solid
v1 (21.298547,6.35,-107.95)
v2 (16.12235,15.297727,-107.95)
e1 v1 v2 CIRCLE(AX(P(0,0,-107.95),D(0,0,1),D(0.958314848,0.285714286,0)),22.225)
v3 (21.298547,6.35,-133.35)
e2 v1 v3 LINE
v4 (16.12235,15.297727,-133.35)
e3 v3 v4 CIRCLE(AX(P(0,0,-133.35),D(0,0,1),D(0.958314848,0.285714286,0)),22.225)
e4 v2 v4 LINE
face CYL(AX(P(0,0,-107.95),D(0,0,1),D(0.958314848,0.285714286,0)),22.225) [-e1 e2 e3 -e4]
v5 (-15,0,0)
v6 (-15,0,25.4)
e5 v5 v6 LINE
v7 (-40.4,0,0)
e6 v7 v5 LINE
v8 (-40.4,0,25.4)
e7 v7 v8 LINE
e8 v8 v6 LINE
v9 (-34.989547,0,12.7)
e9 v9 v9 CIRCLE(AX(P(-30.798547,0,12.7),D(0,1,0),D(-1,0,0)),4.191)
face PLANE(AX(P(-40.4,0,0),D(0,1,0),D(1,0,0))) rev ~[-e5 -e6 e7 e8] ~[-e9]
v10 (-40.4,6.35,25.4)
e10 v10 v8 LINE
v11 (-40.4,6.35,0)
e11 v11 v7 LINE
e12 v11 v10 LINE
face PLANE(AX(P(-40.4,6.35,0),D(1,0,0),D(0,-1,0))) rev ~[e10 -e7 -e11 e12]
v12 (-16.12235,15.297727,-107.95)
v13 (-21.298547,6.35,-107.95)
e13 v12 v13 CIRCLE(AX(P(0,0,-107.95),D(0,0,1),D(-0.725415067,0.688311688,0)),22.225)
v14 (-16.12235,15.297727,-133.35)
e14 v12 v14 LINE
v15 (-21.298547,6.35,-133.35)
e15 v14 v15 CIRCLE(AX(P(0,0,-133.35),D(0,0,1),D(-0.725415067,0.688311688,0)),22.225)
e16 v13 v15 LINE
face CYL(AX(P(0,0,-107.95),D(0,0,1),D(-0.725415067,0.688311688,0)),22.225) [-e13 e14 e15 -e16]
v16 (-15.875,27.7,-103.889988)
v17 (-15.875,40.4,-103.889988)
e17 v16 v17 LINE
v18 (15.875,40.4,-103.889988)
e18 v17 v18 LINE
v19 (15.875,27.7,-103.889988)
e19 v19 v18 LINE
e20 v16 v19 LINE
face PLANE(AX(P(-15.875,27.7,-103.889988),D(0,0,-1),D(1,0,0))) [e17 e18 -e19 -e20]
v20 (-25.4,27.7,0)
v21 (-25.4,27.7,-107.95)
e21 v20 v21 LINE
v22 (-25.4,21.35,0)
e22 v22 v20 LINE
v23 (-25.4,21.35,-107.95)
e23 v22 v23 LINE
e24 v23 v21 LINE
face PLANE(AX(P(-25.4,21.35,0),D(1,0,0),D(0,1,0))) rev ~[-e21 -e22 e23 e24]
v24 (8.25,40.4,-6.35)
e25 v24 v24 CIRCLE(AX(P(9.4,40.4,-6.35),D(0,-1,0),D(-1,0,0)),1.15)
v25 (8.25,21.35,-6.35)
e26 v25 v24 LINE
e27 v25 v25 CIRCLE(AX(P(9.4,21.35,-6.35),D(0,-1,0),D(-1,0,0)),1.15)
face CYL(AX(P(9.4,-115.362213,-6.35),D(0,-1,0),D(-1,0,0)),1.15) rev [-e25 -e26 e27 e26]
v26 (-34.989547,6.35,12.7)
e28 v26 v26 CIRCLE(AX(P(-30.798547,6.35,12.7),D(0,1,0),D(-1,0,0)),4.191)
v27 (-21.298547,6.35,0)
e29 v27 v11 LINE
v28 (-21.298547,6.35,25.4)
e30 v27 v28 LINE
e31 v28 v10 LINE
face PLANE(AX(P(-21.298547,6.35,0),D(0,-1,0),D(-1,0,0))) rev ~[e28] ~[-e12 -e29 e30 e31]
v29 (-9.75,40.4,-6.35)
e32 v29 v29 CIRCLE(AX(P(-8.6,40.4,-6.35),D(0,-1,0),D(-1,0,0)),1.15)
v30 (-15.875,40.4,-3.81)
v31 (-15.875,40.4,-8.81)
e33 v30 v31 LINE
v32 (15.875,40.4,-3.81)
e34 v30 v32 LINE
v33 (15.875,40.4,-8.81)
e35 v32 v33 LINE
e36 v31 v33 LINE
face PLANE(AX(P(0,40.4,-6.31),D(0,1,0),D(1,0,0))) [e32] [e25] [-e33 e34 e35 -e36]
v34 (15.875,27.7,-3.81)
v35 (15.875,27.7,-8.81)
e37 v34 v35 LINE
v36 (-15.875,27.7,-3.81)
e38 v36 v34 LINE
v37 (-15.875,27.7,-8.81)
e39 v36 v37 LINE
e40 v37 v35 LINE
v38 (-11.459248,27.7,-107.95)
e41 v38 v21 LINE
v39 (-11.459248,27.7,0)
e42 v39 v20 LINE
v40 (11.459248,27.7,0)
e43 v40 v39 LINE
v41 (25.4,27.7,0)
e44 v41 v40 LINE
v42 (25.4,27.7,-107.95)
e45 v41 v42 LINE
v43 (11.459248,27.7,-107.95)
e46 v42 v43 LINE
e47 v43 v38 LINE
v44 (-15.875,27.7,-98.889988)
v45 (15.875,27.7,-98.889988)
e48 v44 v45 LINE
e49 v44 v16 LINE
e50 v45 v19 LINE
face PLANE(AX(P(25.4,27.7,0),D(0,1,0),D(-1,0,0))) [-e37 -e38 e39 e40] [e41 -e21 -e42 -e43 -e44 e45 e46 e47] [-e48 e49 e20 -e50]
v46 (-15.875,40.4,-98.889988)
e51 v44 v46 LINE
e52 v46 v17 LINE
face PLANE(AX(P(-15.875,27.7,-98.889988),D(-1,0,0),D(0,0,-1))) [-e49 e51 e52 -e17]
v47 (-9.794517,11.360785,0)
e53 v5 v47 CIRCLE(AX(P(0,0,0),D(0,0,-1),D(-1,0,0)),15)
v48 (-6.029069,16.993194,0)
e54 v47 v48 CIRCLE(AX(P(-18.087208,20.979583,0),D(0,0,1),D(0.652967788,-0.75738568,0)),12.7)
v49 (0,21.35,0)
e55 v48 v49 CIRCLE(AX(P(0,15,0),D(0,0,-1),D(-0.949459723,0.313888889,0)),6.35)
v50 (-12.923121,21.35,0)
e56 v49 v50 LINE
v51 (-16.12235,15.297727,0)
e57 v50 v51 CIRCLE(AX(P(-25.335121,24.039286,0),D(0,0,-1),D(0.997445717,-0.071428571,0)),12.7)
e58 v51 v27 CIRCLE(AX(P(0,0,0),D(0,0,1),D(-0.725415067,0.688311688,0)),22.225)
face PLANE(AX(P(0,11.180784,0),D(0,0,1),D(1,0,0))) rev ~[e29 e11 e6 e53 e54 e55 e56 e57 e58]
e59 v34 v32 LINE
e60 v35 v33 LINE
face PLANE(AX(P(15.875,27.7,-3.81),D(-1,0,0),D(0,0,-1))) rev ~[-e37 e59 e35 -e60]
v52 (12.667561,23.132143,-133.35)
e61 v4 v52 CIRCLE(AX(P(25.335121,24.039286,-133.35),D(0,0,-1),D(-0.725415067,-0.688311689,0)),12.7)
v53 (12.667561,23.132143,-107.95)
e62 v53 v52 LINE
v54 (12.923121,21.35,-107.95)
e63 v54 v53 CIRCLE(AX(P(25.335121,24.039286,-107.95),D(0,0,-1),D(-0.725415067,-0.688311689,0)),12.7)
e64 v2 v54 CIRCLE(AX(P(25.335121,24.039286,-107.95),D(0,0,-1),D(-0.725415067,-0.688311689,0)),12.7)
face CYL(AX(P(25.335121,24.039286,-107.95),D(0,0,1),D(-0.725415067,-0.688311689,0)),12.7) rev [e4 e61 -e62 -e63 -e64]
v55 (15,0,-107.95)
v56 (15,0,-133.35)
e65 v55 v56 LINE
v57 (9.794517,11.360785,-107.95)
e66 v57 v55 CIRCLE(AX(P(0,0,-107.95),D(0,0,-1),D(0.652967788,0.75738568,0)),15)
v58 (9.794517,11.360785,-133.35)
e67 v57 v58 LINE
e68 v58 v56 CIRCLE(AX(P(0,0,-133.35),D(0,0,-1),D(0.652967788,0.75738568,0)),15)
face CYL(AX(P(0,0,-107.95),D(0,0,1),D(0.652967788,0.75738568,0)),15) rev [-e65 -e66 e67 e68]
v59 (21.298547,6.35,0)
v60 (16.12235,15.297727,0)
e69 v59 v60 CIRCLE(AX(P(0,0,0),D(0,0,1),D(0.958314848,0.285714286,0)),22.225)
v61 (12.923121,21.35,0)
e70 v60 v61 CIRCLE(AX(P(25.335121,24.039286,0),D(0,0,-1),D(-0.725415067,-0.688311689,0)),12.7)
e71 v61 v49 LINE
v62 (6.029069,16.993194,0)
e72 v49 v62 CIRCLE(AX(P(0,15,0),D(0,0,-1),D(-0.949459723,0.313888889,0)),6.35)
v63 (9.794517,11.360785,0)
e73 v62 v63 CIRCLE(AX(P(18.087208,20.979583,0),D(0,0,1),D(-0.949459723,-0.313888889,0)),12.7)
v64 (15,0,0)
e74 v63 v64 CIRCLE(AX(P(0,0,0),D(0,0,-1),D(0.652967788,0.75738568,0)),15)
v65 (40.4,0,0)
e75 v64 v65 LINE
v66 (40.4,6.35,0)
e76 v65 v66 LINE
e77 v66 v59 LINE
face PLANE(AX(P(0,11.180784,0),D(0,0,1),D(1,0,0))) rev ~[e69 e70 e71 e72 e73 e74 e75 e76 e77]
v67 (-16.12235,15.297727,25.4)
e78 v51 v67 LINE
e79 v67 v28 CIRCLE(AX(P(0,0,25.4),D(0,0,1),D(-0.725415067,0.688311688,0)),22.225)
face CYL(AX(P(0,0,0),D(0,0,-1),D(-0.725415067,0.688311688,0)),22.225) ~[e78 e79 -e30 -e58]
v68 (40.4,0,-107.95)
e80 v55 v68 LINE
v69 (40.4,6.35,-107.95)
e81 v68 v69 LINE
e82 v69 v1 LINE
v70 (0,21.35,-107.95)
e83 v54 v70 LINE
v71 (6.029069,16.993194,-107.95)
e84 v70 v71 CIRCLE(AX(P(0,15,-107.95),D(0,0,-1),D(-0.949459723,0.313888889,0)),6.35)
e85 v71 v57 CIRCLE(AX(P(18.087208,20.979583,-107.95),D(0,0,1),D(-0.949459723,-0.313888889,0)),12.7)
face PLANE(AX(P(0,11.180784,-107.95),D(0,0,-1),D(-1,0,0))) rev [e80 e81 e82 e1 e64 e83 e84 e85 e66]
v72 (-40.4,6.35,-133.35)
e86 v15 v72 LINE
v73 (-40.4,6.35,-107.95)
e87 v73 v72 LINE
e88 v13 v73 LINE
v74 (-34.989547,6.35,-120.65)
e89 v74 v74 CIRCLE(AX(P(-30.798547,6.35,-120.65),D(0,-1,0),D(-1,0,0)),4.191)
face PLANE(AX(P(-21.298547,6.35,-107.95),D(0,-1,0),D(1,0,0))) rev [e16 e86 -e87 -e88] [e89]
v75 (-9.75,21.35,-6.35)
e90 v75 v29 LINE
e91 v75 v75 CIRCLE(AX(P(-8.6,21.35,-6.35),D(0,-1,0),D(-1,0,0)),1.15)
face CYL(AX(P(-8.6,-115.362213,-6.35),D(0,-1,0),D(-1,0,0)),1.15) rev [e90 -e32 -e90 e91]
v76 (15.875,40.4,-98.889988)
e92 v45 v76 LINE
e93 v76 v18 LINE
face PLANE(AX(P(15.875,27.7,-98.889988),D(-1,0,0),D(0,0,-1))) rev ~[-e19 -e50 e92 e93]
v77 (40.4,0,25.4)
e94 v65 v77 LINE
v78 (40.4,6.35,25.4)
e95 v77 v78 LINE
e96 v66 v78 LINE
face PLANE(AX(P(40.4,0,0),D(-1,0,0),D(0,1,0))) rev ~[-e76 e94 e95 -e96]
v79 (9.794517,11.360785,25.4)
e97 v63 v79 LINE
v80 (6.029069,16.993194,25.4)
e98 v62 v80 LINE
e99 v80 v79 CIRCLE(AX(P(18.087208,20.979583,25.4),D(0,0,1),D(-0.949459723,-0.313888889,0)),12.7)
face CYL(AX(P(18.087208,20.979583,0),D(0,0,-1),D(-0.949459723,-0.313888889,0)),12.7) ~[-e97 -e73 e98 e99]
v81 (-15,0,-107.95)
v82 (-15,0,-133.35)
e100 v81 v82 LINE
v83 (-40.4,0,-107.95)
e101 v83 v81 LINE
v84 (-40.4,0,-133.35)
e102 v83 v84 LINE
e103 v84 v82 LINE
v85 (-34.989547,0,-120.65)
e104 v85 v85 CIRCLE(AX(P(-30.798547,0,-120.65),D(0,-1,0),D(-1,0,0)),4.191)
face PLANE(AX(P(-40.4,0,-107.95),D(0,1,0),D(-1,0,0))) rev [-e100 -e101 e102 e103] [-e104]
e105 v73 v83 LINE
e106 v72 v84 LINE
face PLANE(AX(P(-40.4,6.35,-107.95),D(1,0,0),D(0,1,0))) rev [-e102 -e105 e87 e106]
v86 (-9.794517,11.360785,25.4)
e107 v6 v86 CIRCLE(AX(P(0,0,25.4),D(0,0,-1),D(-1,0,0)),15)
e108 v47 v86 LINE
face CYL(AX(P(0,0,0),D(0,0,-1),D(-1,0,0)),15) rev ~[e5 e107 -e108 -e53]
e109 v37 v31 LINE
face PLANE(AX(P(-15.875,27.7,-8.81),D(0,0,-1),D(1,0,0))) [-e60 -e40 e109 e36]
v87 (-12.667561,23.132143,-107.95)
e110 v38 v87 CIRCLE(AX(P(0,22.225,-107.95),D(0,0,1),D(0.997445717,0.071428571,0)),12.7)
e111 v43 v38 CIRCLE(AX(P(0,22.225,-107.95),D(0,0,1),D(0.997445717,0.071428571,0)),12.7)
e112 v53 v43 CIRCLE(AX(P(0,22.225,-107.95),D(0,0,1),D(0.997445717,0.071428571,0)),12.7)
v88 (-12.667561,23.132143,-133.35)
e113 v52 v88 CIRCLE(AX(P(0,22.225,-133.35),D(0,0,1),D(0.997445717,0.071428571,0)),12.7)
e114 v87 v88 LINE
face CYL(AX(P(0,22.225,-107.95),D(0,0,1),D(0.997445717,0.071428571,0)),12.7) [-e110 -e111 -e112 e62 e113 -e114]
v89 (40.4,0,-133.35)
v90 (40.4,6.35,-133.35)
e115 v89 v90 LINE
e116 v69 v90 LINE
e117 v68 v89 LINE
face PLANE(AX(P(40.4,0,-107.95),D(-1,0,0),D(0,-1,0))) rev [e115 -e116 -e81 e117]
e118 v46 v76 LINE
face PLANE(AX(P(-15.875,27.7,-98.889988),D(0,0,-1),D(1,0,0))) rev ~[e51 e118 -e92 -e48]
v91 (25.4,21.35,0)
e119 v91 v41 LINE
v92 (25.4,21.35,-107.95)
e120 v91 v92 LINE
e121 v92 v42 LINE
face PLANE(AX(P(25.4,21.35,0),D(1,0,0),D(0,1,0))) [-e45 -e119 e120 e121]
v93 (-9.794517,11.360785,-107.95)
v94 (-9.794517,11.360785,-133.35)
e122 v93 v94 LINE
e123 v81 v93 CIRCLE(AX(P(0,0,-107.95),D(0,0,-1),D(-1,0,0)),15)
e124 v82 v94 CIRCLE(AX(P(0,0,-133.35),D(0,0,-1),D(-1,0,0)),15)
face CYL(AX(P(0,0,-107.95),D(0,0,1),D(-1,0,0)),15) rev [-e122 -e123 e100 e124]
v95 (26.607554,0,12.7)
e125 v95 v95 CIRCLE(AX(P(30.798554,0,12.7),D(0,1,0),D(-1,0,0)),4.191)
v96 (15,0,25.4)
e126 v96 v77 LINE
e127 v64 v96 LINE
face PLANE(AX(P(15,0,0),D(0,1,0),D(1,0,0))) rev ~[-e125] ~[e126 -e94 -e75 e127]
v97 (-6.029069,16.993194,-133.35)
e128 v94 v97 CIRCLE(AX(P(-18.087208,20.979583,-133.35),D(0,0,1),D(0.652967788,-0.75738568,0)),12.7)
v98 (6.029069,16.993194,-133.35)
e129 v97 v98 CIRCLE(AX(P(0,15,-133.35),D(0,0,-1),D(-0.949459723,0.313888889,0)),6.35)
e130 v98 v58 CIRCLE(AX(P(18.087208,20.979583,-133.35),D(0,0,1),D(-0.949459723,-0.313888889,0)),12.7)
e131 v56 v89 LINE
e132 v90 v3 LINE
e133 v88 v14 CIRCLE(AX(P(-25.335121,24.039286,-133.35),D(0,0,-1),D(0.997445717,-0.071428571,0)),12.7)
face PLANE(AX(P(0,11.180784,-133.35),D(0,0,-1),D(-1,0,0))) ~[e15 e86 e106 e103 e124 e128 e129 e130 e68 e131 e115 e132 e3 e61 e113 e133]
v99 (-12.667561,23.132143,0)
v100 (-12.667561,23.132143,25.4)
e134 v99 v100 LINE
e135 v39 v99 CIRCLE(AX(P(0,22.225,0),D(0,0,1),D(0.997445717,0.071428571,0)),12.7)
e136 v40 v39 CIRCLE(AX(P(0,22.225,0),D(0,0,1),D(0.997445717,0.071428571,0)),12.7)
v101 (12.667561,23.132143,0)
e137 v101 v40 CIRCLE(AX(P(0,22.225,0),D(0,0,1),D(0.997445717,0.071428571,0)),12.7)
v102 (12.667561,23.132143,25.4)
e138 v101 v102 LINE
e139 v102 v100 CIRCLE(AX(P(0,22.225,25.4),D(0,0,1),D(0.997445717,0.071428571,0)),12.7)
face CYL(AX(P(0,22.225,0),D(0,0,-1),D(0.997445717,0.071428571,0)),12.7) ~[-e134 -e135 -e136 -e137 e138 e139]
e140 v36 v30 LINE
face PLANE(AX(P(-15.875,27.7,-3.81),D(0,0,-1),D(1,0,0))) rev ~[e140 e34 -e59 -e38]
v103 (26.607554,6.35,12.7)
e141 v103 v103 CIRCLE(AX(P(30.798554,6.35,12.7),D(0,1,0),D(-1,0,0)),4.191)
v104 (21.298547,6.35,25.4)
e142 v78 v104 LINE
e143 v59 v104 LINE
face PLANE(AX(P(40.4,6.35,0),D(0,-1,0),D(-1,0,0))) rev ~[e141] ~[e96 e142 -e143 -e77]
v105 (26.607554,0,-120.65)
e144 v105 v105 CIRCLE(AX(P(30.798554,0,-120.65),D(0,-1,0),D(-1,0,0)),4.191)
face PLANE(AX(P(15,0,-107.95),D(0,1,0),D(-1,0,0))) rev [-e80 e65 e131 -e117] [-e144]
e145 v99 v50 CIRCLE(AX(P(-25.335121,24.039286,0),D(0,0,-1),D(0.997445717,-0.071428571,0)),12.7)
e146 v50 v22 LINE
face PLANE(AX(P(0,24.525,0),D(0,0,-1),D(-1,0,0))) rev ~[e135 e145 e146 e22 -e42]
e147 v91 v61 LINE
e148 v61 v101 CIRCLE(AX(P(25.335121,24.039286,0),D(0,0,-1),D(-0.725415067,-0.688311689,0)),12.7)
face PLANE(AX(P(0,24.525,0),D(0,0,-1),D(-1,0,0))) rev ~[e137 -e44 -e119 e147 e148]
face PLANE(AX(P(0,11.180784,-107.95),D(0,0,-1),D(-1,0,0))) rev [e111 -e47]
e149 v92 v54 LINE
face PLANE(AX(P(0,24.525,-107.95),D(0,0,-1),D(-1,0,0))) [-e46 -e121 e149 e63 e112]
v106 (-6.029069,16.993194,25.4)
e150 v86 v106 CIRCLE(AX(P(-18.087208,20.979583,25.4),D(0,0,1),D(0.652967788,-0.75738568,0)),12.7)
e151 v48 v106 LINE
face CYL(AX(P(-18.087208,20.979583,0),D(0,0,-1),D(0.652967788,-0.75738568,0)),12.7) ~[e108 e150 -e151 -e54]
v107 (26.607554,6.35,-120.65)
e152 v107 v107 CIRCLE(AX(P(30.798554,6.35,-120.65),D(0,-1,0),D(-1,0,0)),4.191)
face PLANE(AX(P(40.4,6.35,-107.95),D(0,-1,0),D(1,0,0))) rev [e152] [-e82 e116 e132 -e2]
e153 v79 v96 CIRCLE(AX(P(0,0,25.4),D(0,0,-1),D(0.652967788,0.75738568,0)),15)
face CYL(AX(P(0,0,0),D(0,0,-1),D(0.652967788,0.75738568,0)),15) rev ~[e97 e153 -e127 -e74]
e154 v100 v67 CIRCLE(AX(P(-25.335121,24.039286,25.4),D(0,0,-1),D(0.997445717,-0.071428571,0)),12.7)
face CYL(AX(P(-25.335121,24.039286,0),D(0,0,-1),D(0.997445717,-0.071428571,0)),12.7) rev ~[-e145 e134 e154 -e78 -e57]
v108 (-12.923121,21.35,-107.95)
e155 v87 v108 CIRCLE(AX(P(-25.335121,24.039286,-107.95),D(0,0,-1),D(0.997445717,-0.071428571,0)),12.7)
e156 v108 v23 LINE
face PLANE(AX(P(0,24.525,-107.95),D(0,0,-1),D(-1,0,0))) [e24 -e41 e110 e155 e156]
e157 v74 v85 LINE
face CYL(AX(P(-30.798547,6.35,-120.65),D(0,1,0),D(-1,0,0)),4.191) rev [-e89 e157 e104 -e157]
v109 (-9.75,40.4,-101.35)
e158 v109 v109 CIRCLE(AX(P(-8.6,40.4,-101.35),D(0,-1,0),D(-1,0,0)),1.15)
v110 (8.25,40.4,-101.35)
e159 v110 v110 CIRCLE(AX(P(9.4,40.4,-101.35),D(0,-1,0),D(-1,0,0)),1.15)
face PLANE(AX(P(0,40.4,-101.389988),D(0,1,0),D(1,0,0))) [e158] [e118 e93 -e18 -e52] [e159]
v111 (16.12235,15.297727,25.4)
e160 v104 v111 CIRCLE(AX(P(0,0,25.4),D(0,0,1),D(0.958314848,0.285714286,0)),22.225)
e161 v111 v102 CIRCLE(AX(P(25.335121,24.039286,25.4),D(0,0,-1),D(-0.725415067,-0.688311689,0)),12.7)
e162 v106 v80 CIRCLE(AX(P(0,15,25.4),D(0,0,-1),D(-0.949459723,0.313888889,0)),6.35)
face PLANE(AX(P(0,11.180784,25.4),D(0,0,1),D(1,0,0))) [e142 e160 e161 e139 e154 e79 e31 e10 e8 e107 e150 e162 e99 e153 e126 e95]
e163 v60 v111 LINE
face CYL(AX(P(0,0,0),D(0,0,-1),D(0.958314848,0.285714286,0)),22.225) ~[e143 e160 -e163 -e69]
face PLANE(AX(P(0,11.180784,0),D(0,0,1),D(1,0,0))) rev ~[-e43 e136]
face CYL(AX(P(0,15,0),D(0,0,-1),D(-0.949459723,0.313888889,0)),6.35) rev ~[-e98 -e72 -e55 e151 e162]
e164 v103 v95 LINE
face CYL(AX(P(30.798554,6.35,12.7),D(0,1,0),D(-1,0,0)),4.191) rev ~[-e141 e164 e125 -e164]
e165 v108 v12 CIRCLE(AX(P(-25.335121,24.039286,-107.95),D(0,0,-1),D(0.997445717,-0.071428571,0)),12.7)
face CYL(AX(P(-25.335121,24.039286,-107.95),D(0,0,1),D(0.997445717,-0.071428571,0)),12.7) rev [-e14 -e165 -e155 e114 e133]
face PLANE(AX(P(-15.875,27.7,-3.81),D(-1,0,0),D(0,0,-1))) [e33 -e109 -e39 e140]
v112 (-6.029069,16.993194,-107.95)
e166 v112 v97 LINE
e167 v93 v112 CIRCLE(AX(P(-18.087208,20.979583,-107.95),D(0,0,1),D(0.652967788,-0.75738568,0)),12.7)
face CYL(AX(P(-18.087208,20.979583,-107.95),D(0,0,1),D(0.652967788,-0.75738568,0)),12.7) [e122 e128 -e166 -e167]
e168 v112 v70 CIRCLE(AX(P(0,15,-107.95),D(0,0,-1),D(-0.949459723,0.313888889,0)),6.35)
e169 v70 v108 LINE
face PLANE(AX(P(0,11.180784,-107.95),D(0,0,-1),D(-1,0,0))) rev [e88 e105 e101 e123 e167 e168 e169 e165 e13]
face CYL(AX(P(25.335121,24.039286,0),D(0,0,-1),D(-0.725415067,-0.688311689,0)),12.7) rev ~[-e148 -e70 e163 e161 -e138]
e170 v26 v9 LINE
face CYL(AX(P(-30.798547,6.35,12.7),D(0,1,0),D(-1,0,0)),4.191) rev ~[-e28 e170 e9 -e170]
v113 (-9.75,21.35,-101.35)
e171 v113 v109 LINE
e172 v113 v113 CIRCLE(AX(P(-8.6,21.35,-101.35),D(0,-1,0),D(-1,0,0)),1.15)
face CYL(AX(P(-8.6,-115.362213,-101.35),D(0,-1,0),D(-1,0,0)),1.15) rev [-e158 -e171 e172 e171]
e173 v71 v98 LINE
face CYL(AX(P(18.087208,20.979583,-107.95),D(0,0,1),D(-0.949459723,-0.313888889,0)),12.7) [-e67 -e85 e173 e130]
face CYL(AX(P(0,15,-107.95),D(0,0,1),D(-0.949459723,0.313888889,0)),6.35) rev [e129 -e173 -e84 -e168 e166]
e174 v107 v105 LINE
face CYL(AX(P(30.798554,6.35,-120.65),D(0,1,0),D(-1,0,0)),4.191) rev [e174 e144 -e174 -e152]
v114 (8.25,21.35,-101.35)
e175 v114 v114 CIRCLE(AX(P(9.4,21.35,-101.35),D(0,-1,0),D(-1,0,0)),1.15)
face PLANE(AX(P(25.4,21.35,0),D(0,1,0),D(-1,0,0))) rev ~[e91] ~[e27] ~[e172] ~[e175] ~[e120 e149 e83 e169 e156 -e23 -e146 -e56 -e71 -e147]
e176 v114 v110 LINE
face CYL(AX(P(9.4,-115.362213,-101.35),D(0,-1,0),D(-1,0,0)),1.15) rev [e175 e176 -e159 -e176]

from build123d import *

# Parameters (mm, degrees)
BOSS_EXTRUDE1_DEPTH     = 25.4
SKETCH2_R               = 4.191
CUT_EXTRUDE1_DEPTH      = 6.35
SKETCH3_W               = 50.8
SKETCH3_H               = 6.35
BOSS_EXTRUDE2_DEPTH     = 107.95
SKETCH5_W               = 31.75
SKETCH5_H               = 5
BOSS_EXTRUDE3_DEPTH     = 12.7
CUT_EXTRUDE2_DEPTH      = 143.062213484
CUT_EXTRUDE2_DEPTH_BACK = 143.062213484
SKETCH4_R               = 1.15


with BuildPart() as part:
    # Sketch1 → Boss-Extrude1 (new body)
    with BuildSketch(Plane.XY):
        with BuildLine():
            Line((-40.4, 0), (-15, 0))
            ThreePointArc((-15, 0), (-13.636673939, 6.248289676), (-9.794516817, 11.360785199))
            ThreePointArc((-9.794516817, 11.360785199), (-7.529268877, 13.921260066), (-6.02906924, 16.993194444))
            ThreePointArc((-6.02906924, 16.993194444), (0, 21.35), (6.02906924, 16.993194444))
            ThreePointArc((6.02906924, 16.993194444), (7.529268877, 13.921260066), (9.794516817, 11.360785199))
            ThreePointArc((9.794516817, 11.360785199), (13.636673939, 6.248289676), (15, 0))
            Line((15, 0), (40.4, 0))
            Line((40.4, 0), (40.4, 6.35))
            Line((40.4, 6.35), (21.298547486, 6.35))
            ThreePointArc((21.298547486, 6.35), (19.237888282, 11.128983757), (16.122349869, 15.297727273))
            ThreePointArc((16.122349869, 15.297727273), (13.714805021, 18.915005141), (12.667560611, 23.132142857))
            ThreePointArc((12.667560611, 23.132142857), (0, 34.925), (-12.667560611, 23.132142857))
            ThreePointArc((-12.667560611, 23.132142857), (-13.714805021, 18.915005141), (-16.122349869, 15.297727273))
            ThreePointArc((-16.122349869, 15.297727273), (-19.237888282, 11.128983757), (-21.298547486, 6.35))
            Line((-21.298547486, 6.35), (-40.4, 6.35))
            Line((-40.4, 6.35), (-40.4, 0))
        make_face()
    boss_extrude1 = extrude(amount=BOSS_EXTRUDE1_DEPTH)

    # Sketch2 → Cut-Extrude1 (cut)
    with BuildSketch(Plane(origin=(0, 6.35, 0), x_dir=(1, 0, 0), z_dir=(0, 1, 0))):
        with Locations(Location((-30.798547486, -12.7, 0), (0, 0, 180))):
            Circle(SKETCH2_R)
        with Locations(Location((30.798553886, -12.7, 0), (0, 0, 180))):
            Circle(SKETCH2_R)
    cut_extrude1 = extrude(amount=-CUT_EXTRUDE1_DEPTH, mode=Mode.SUBTRACT)

    # Sketch3 → Boss-Extrude2 (add)
    with BuildSketch(Plane(origin=(0, 0, 0), x_dir=(-1, 0, 0), z_dir=(0, 0, -1))):
        with Locations((0, 24.525)):
            Rectangle(SKETCH3_W, SKETCH3_H)
    extrude(amount=BOSS_EXTRUDE2_DEPTH)

    # Mirror1: Boss-Extrude1, Cut-Extrude1 across plane
    add(boss_extrude1.mirror(Plane(origin=(0, 0, -53.975), x_dir=(1, 0, 0), z_dir=(0, 0, -1))))
    add(cut_extrude1.mirror(Plane(origin=(0, 0, -53.975), x_dir=(1, 0, 0), z_dir=(0, 0, -1))), mode=Mode.SUBTRACT)

    # Sketch5 → Boss-Extrude3 (add)
    with BuildSketch(Plane(origin=(0, 27.7, 0), x_dir=(1, 0, 0), z_dir=(0, 1, 0))):
        with Locations((0, 6.31)):
            Rectangle(SKETCH5_W, SKETCH5_H)
        with Locations((0, 101.3899878)):
            Rectangle(SKETCH5_W, SKETCH5_H)
    extrude(amount=BOSS_EXTRUDE3_DEPTH)

    # Sketch4 → Cut-Extrude2 (cut, two sides: drawn at the far end of the back side and taken through both)
    with BuildSketch(Plane(origin=(0, 27.7, 0), x_dir=(1, 0, 0), z_dir=(0, 1, 0)).offset(-CUT_EXTRUDE2_DEPTH_BACK)):
        with Locations(Location((9.4, 101.349999992, 0), (0, 0, 180))):
            Circle(SKETCH4_R)
        with Locations(Location((-8.6, 101.35, 0), (0, 0, 180))):
            Circle(SKETCH4_R)
        with Locations(Location((9.4, 6.35, 0), (0, 0, 180))):
            Circle(SKETCH4_R)
        with Locations(Location((-8.6, 6.35, 0), (0, 0, 180))):
            Circle(SKETCH4_R)
    extrude(amount=CUT_EXTRUDE2_DEPTH + CUT_EXTRUDE2_DEPTH_BACK, mode=Mode.SUBTRACT)


solid = part.part
